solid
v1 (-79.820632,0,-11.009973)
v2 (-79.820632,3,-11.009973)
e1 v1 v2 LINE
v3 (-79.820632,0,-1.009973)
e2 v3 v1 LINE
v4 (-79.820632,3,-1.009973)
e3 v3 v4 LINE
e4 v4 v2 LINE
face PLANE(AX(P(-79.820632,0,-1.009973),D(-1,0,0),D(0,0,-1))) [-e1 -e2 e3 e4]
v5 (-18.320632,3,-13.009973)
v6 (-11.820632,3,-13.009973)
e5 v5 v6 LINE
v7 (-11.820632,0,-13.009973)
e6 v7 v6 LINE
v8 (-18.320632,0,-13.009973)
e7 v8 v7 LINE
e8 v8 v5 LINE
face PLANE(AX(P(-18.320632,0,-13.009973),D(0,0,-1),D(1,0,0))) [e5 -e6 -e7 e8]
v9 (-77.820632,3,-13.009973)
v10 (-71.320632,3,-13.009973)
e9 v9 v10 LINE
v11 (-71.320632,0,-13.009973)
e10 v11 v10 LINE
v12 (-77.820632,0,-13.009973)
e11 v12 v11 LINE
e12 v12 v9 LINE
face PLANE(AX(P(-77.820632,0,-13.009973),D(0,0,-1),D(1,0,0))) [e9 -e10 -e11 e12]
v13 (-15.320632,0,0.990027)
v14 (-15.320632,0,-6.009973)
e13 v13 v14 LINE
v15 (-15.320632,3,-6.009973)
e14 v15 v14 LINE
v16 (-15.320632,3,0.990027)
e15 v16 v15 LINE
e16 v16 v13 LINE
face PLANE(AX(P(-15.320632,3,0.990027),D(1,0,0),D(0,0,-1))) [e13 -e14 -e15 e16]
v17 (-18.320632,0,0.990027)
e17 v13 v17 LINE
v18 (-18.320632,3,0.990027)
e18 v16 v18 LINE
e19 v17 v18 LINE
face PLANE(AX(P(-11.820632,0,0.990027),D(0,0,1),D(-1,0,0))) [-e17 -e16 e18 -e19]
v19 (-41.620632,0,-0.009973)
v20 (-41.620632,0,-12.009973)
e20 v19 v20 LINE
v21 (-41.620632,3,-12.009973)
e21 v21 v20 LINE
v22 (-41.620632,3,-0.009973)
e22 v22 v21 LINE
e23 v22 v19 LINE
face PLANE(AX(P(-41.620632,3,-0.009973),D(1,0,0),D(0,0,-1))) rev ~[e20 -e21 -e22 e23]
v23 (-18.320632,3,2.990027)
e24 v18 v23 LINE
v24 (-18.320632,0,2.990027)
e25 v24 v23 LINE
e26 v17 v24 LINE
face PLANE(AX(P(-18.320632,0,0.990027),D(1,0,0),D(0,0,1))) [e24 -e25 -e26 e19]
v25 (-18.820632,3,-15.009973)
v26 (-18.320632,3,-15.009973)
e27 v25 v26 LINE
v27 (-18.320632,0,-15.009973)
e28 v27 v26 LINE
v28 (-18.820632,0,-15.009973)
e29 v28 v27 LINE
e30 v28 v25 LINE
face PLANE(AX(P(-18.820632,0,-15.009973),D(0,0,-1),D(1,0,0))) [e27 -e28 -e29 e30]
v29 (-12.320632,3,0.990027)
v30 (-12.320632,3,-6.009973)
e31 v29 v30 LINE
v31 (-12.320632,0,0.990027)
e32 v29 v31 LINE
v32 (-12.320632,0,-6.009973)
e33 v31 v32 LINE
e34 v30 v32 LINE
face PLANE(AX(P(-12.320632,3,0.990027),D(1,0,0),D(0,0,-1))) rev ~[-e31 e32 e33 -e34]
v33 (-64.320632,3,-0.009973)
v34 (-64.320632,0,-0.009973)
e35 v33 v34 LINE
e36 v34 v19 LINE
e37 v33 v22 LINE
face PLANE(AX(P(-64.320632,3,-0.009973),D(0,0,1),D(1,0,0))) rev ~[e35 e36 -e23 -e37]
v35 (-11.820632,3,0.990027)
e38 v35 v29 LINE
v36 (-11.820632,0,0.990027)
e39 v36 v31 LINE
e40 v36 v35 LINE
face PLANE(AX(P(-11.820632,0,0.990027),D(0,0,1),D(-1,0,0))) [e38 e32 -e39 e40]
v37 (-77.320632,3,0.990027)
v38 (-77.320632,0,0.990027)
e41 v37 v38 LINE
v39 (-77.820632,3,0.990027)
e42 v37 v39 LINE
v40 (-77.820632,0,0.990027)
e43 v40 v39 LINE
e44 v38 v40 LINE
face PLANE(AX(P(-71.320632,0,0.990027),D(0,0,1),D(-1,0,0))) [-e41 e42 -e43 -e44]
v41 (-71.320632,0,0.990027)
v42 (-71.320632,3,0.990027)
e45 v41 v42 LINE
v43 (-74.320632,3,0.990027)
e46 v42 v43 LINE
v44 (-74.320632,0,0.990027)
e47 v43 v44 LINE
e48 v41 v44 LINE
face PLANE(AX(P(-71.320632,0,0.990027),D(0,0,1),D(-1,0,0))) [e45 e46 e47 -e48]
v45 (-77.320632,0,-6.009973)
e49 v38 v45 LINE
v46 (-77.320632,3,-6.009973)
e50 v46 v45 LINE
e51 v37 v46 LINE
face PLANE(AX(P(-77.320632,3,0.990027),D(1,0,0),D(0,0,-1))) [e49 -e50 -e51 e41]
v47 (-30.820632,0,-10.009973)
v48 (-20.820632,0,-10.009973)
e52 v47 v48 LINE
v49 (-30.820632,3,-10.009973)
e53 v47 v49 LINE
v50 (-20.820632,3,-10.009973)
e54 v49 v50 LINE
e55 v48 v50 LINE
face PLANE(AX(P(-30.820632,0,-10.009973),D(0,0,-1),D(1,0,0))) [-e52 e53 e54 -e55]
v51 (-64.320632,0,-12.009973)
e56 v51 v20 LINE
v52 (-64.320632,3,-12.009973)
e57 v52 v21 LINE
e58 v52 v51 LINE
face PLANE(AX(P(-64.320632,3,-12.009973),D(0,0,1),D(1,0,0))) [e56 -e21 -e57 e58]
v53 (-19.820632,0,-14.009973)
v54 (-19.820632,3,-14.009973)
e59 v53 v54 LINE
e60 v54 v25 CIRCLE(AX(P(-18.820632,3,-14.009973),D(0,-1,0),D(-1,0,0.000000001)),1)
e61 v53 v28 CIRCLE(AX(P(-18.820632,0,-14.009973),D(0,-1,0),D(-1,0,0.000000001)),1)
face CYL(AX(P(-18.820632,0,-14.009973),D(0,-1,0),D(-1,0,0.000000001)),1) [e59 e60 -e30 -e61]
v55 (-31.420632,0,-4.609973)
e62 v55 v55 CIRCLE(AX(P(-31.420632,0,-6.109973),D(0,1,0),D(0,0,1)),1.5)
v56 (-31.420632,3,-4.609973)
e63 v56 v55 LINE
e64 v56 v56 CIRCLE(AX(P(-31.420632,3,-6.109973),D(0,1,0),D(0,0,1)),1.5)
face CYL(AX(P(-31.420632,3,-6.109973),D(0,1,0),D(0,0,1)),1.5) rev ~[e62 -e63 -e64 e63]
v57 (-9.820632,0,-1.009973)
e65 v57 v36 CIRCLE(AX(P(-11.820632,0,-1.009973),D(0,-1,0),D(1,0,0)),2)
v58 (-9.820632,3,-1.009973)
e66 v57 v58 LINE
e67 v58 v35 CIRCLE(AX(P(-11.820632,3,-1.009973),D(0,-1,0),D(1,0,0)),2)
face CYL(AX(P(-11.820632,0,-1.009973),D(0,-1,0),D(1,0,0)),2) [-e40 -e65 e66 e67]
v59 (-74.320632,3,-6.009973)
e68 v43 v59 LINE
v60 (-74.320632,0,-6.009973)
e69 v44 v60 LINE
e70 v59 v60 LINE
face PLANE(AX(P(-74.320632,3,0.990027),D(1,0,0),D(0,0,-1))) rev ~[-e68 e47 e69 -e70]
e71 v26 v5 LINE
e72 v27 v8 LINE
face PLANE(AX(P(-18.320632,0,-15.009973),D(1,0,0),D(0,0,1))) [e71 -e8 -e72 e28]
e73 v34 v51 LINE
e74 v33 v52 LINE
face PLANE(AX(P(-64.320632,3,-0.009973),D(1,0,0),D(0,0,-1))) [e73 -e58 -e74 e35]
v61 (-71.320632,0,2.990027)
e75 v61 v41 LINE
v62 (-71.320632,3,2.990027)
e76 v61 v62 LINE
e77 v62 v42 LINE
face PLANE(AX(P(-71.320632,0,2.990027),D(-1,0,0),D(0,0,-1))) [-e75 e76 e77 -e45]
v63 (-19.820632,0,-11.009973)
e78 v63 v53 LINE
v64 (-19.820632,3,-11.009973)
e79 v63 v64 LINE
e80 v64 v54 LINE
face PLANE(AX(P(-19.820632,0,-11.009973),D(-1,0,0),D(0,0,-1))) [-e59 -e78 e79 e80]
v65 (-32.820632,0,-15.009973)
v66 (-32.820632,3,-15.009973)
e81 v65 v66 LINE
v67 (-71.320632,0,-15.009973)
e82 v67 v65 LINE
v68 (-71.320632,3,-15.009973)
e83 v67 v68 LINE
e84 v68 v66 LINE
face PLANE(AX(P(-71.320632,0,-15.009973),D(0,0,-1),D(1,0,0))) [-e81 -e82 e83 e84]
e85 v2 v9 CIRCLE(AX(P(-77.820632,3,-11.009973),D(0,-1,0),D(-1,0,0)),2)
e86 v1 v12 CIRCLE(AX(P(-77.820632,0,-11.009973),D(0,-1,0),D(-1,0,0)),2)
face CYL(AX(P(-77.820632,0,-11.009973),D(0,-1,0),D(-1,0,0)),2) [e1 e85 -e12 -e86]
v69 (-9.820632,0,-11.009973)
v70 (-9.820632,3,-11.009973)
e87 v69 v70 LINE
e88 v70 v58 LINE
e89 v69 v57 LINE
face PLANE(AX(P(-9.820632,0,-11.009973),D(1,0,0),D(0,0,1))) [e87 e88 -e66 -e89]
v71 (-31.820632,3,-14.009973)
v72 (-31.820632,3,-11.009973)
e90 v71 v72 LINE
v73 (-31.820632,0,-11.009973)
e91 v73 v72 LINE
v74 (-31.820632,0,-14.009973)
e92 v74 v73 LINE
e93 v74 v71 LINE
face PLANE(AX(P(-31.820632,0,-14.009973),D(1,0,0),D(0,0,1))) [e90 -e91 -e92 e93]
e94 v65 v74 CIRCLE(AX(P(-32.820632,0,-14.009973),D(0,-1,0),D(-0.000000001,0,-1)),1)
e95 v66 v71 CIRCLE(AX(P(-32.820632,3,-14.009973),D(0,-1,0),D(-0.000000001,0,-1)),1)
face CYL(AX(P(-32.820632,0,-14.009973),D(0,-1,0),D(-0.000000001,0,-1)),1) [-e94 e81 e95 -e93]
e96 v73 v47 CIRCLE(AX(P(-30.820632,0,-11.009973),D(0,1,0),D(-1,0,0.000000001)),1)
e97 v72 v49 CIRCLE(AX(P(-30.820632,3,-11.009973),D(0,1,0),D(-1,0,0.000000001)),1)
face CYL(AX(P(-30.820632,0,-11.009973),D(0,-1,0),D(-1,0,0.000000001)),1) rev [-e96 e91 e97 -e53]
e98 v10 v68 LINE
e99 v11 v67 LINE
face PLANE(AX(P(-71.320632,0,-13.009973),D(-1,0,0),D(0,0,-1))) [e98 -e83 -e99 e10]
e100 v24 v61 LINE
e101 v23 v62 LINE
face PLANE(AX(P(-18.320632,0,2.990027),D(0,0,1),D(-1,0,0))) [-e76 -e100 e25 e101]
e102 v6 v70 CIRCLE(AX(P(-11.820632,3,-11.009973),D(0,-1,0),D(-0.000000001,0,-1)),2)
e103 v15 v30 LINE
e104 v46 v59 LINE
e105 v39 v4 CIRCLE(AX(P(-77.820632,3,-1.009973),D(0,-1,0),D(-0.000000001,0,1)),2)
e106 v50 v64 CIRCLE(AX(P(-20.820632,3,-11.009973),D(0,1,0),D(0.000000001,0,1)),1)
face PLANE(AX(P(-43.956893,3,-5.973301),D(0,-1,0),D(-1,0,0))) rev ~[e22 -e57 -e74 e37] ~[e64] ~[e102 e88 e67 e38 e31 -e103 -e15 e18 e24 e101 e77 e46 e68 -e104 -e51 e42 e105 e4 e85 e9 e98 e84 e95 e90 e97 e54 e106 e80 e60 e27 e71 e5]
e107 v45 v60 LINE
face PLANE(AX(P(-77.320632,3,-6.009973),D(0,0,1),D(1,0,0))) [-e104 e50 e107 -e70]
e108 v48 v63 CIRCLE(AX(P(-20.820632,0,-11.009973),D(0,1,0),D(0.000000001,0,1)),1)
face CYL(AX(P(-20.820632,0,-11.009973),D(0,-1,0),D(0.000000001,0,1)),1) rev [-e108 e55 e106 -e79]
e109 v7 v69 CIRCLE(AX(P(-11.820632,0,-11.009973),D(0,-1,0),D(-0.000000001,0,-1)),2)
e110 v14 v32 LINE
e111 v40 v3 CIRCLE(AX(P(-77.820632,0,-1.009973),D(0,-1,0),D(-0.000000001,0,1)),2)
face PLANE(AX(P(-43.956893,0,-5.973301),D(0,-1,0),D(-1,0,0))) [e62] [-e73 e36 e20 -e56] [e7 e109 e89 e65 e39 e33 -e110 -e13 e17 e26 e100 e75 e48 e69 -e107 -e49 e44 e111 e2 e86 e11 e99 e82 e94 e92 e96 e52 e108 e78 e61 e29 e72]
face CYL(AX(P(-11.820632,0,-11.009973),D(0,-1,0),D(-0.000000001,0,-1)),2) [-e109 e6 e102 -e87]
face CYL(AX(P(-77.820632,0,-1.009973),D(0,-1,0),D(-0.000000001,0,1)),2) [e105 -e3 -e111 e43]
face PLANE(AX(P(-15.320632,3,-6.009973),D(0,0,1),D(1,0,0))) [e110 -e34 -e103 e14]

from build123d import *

# Parameters (mm, degrees)
BOSS_EXTRUDE1_DEPTH = 3
SKETCH2_W           = 22.7
SKETCH2_H           = 12
CUT_EXTRUDE1_DEPTH  = 3
SKETCH3_W           = 3
SKETCH3_H           = 7
CUT_EXTRUDE2_DEPTH  = 3
SKETCH4_R           = 1.5
CUT_EXTRUDE3_DEPTH  = 3


with BuildPart() as part:
    # Sketch1 → Boss-Extrude1 (new body)
    with BuildSketch(Plane(origin=(0, 0, 0), x_dir=(1, 0, 0), z_dir=(0, 1, 0))):
        with BuildLine():
            Line((-9.820632273, 11.009972833), (-9.820632273, 1.009972833))
            ThreePointArc((-9.820632273, 1.009972833), (-10.40641871, -0.404240729), (-11.820632273, -0.990027167))
            Line((-11.820632273, -0.990027167), (-18.320632273, -0.990027167))
            Line((-18.320632273, -0.990027167), (-18.320632273, -2.990027167))
            Line((-18.320632273, -2.990027167), (-71.320632273, -2.990027167))
            Line((-71.320632273, -2.990027167), (-71.320632273, -0.990027167))
            Line((-71.320632273, -0.990027167), (-77.820632273, -0.990027167))
            ThreePointArc((-77.820632273, -0.990027167), (-79.234845835, -0.404240729), (-79.820632273, 1.009972833))
            Line((-79.820632273, 1.009972833), (-79.820632273, 11.009972833))
            ThreePointArc((-79.820632273, 11.009972833), (-79.234845835, 12.424186396), (-77.820632273, 13.009972833))
            Line((-77.820632273, 13.009972833), (-71.320632273, 13.009972833))
            Line((-71.320632273, 13.009972833), (-71.320632273, 15.009972833))
            Line((-71.320632273, 15.009972833), (-32.820632273, 15.009972833))
            ThreePointArc((-32.820632273, 15.009972833), (-32.113525492, 14.717079615), (-31.820632273, 14.009972833))
            Line((-31.820632273, 14.009972833), (-31.820632273, 11.009972833))
            ThreePointArc((-31.820632273, 11.009972833), (-31.527739054, 10.302866052), (-30.820632273, 10.009972833))
            Line((-30.820632273, 10.009972833), (-20.820632273, 10.009972833))
            ThreePointArc((-20.820632273, 10.009972833), (-20.113525492, 10.302866052), (-19.820632273, 11.009972833))
            Line((-19.820632273, 11.009972833), (-19.820632273, 14.009972833))
            ThreePointArc((-19.820632273, 14.009972833), (-19.527739054, 14.717079615), (-18.820632273, 15.009972833))
            Line((-18.820632273, 15.009972833), (-18.320632273, 15.009972833))
            Line((-18.320632273, 15.009972833), (-18.320632273, 13.009972833))
            Line((-18.320632273, 13.009972833), (-11.820632273, 13.009972833))
            ThreePointArc((-11.820632273, 13.009972833), (-10.40641871, 12.424186396), (-9.820632273, 11.009972833))
        make_face()
    extrude(amount=BOSS_EXTRUDE1_DEPTH)

    # Sketch2 → Cut-Extrude1 (cut)
    with BuildSketch(Plane(origin=(0, 3, 0), x_dir=(1, 0, 0), z_dir=(0, 1, 0))):
        with Locations((-52.970632273, 6.009972833)):
            Rectangle(SKETCH2_W, SKETCH2_H)
    extrude(amount=-CUT_EXTRUDE1_DEPTH, mode=Mode.SUBTRACT)

    # Sketch3 → Cut-Extrude2 (cut)
    with BuildSketch(Plane(origin=(0, 3, 0), x_dir=(1, 0, 0), z_dir=(0, 1, 0))):
        with Locations((-13.820632273, 2.509972833)):
            Rectangle(SKETCH3_W, SKETCH3_H)
        with Locations((-75.820632273, 2.509972833)):
            Rectangle(SKETCH3_W, SKETCH3_H)
    extrude(amount=-CUT_EXTRUDE2_DEPTH, mode=Mode.SUBTRACT)

    # Sketch4 → Cut-Extrude3 (cut)
    with BuildSketch(Plane(origin=(0, 3, 0), x_dir=(1, 0, 0), z_dir=(0, 1, 0))):
        with Locations(Location((-31.420632273, 6.109972833, 0), (0, 0, 270))):
            Circle(SKETCH4_R)
    extrude(amount=-CUT_EXTRUDE3_DEPTH, mode=Mode.SUBTRACT)


solid = part.part
